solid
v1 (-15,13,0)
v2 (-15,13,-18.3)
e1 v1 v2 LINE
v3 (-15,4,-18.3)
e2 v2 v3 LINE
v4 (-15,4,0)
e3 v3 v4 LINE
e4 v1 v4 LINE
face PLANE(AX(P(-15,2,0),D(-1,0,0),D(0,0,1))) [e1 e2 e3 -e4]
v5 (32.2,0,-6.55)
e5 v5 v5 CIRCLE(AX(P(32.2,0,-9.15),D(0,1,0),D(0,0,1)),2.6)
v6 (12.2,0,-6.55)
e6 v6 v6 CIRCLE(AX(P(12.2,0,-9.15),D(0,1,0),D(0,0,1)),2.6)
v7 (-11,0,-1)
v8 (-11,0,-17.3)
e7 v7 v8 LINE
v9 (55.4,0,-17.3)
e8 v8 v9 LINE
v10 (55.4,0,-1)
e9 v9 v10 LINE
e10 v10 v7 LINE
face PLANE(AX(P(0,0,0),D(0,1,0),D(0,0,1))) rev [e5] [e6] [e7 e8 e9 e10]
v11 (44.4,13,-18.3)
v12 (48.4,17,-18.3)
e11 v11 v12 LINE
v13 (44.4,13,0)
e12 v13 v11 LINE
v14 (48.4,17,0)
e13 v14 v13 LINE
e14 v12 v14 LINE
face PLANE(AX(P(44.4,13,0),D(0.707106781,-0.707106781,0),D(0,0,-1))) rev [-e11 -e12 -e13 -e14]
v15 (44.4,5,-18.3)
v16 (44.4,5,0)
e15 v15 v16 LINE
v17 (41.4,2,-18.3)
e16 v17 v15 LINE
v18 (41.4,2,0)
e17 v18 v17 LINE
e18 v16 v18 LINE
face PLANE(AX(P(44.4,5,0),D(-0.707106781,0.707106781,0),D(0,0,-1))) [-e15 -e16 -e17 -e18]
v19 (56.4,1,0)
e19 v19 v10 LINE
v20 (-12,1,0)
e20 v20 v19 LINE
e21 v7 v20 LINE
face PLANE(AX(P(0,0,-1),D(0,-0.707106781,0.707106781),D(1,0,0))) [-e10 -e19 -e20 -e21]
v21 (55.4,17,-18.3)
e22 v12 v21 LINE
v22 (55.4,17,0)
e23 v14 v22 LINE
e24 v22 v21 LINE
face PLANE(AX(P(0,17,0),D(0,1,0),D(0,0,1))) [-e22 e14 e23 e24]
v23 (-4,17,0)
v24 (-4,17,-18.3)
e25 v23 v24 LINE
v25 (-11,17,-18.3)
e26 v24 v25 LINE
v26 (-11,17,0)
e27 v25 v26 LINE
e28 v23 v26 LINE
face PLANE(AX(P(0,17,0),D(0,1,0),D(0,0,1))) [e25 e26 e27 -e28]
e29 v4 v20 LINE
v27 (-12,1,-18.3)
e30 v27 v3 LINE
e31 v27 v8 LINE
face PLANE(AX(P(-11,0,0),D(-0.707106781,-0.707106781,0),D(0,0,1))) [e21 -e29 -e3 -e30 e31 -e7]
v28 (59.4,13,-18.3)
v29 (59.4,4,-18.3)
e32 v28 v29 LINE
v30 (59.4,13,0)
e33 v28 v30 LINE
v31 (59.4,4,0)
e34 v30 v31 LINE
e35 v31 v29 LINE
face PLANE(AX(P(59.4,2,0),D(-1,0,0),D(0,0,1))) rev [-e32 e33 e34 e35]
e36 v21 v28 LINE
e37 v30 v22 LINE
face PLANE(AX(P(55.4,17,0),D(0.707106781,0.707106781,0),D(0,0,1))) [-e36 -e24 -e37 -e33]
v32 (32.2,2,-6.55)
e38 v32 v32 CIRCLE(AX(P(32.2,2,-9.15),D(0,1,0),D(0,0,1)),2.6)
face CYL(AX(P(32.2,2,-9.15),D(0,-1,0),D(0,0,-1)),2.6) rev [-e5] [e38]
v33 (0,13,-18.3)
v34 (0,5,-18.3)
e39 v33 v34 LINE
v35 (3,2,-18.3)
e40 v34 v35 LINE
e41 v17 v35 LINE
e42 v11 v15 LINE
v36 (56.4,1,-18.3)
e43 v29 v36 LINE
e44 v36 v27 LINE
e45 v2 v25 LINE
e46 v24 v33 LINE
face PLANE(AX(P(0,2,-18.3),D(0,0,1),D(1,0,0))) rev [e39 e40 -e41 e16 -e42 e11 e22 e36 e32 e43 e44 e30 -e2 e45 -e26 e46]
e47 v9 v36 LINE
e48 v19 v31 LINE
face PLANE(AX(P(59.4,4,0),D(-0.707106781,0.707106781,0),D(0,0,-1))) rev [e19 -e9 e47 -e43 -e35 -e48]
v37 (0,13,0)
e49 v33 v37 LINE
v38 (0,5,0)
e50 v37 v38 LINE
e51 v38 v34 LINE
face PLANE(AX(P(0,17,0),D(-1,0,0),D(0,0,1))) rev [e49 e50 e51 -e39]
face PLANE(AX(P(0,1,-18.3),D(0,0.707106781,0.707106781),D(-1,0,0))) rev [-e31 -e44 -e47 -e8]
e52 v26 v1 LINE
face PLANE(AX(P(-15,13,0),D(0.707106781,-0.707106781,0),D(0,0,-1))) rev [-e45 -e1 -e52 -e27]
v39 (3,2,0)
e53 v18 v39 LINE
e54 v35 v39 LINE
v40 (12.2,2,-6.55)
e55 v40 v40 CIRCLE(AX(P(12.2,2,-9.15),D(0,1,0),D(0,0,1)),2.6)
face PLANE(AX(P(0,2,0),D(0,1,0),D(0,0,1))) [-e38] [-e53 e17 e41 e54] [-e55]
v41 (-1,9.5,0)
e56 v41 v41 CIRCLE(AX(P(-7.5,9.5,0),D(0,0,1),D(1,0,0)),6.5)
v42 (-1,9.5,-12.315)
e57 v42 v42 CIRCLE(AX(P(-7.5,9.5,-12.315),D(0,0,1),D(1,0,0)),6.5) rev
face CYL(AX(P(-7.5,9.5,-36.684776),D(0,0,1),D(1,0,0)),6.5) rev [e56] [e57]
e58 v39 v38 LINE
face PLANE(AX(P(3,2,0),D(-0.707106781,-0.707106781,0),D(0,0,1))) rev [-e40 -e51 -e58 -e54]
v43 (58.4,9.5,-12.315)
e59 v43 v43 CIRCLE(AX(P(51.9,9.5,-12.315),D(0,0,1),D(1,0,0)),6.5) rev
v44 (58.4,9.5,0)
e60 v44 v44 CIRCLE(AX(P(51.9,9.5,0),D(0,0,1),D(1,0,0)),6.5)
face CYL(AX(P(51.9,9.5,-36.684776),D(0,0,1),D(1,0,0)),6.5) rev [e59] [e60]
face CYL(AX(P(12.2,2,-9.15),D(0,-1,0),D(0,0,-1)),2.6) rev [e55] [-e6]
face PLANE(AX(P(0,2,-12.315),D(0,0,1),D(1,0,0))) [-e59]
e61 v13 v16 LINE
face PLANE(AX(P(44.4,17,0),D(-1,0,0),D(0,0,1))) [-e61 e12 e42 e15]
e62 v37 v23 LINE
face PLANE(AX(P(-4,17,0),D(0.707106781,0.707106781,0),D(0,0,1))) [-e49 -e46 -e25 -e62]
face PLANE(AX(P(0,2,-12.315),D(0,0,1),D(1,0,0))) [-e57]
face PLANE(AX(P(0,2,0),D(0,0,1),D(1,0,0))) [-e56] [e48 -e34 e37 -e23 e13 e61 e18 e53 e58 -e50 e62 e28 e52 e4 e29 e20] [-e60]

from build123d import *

# Parameters (mm, degrees)
SKETCH1_W           = 15
SKETCH1_H           = 18.3
SKETCH1_W_2         = 44.4
SKETCH1_R           = 2.6
BOSS_EXTRUDE1_DEPTH = 2
SKETCH1_3_W         = 15
SKETCH1_3_H         = 18.3
BOSS_EXTRUDE2_DEPTH = 17
SKETCH2_R           = 6.5
CUT_EXTRUDE2_DEPTH  = 12.315
FILLET3_SIZE        = 4
FILLET4_SIZE        = 3
CHAMFER2_SIZE       = 1


with BuildPart() as part:
    # Sketch1 → Boss-Extrude1 (new body)
    # profile 1 of 3: a face of its own
    with BuildSketch(Plane(origin=(0, 0, 0), x_dir=(1, 0, 0), z_dir=(0, 1, 0))):
        with Locations((-7.5, 9.15)):
            Rectangle(SKETCH1_W, SKETCH1_H)
    # profile 2 of 3: a face of its own
    with BuildSketch(Plane(origin=(0, 0, 0), x_dir=(1, 0, 0), z_dir=(0, 1, 0))):
        with Locations((22.2, 9.15)):
            Rectangle(SKETCH1_W_2, SKETCH1_H)
        with Locations(Location((32.2, 9.15, 0), (0, 0, 270))):
            Circle(SKETCH1_R, mode=Mode.SUBTRACT)
        with Locations(Location((12.2, 9.15, 0), (0, 0, 270))):
            Circle(SKETCH1_R, mode=Mode.SUBTRACT)
    # profile 3 of 3: a face of its own
    with BuildSketch(Plane(origin=(0, 0, 0), x_dir=(1, 0, 0), z_dir=(0, 1, 0))):
        with Locations((51.9, 9.15)):
            Rectangle(SKETCH1_W, SKETCH1_H)
    extrude(amount=BOSS_EXTRUDE1_DEPTH)

    # Sketch1<3> → Boss-Extrude2 (add)
    with BuildSketch(Plane(origin=(0, 0, 0), x_dir=(1, 0, 0), z_dir=(0, 1, 0))):
        with Locations((51.9, 9.15)):
            Rectangle(SKETCH1_3_W, SKETCH1_3_H)
        with Locations((-7.5, 9.15)):
            Rectangle(SKETCH1_3_W, SKETCH1_3_H)
    extrude(amount=BOSS_EXTRUDE2_DEPTH)

    # Sketch2 → Cut-Extrude2 (cut)
    with BuildSketch(Plane.XY):
        with Locations((-7.5, 9.5)):
            Circle(SKETCH2_R)
        with Locations((51.9, 9.5)):
            Circle(SKETCH2_R)
    extrude(amount=-CUT_EXTRUDE2_DEPTH, mode=Mode.SUBTRACT)

    # Fillet3
    fillet3_edges = [part.edges().sort_by_distance(p)[0] for p in [
        (59.4, 0, -9.15),
        (-15, 0, -9.15),
        (44.4, 17, -9.15),
        (59.4, 17, -9.15),
        (-15, 17, -9.15),
        (0, 17, -9.15),
    ]]
    chamfer(fillet3_edges, length=FILLET3_SIZE)

    # Fillet4
    fillet4_edges = [part.edges().sort_by_distance(p)[0] for p in [
        (44.4, 2, -9.15),
        (0, 2, -9.15),
    ]]
    chamfer(fillet4_edges, length=FILLET4_SIZE)

    # Chamfer2
    chamfer2_edges = [part.edges().sort_by_distance(p)[0] for p in [
        (22.2, 0, -18.3),
        (22.2, 0, 0),
    ]]
    chamfer(chamfer2_edges, length=CHAMFER2_SIZE)


solid = part.part
